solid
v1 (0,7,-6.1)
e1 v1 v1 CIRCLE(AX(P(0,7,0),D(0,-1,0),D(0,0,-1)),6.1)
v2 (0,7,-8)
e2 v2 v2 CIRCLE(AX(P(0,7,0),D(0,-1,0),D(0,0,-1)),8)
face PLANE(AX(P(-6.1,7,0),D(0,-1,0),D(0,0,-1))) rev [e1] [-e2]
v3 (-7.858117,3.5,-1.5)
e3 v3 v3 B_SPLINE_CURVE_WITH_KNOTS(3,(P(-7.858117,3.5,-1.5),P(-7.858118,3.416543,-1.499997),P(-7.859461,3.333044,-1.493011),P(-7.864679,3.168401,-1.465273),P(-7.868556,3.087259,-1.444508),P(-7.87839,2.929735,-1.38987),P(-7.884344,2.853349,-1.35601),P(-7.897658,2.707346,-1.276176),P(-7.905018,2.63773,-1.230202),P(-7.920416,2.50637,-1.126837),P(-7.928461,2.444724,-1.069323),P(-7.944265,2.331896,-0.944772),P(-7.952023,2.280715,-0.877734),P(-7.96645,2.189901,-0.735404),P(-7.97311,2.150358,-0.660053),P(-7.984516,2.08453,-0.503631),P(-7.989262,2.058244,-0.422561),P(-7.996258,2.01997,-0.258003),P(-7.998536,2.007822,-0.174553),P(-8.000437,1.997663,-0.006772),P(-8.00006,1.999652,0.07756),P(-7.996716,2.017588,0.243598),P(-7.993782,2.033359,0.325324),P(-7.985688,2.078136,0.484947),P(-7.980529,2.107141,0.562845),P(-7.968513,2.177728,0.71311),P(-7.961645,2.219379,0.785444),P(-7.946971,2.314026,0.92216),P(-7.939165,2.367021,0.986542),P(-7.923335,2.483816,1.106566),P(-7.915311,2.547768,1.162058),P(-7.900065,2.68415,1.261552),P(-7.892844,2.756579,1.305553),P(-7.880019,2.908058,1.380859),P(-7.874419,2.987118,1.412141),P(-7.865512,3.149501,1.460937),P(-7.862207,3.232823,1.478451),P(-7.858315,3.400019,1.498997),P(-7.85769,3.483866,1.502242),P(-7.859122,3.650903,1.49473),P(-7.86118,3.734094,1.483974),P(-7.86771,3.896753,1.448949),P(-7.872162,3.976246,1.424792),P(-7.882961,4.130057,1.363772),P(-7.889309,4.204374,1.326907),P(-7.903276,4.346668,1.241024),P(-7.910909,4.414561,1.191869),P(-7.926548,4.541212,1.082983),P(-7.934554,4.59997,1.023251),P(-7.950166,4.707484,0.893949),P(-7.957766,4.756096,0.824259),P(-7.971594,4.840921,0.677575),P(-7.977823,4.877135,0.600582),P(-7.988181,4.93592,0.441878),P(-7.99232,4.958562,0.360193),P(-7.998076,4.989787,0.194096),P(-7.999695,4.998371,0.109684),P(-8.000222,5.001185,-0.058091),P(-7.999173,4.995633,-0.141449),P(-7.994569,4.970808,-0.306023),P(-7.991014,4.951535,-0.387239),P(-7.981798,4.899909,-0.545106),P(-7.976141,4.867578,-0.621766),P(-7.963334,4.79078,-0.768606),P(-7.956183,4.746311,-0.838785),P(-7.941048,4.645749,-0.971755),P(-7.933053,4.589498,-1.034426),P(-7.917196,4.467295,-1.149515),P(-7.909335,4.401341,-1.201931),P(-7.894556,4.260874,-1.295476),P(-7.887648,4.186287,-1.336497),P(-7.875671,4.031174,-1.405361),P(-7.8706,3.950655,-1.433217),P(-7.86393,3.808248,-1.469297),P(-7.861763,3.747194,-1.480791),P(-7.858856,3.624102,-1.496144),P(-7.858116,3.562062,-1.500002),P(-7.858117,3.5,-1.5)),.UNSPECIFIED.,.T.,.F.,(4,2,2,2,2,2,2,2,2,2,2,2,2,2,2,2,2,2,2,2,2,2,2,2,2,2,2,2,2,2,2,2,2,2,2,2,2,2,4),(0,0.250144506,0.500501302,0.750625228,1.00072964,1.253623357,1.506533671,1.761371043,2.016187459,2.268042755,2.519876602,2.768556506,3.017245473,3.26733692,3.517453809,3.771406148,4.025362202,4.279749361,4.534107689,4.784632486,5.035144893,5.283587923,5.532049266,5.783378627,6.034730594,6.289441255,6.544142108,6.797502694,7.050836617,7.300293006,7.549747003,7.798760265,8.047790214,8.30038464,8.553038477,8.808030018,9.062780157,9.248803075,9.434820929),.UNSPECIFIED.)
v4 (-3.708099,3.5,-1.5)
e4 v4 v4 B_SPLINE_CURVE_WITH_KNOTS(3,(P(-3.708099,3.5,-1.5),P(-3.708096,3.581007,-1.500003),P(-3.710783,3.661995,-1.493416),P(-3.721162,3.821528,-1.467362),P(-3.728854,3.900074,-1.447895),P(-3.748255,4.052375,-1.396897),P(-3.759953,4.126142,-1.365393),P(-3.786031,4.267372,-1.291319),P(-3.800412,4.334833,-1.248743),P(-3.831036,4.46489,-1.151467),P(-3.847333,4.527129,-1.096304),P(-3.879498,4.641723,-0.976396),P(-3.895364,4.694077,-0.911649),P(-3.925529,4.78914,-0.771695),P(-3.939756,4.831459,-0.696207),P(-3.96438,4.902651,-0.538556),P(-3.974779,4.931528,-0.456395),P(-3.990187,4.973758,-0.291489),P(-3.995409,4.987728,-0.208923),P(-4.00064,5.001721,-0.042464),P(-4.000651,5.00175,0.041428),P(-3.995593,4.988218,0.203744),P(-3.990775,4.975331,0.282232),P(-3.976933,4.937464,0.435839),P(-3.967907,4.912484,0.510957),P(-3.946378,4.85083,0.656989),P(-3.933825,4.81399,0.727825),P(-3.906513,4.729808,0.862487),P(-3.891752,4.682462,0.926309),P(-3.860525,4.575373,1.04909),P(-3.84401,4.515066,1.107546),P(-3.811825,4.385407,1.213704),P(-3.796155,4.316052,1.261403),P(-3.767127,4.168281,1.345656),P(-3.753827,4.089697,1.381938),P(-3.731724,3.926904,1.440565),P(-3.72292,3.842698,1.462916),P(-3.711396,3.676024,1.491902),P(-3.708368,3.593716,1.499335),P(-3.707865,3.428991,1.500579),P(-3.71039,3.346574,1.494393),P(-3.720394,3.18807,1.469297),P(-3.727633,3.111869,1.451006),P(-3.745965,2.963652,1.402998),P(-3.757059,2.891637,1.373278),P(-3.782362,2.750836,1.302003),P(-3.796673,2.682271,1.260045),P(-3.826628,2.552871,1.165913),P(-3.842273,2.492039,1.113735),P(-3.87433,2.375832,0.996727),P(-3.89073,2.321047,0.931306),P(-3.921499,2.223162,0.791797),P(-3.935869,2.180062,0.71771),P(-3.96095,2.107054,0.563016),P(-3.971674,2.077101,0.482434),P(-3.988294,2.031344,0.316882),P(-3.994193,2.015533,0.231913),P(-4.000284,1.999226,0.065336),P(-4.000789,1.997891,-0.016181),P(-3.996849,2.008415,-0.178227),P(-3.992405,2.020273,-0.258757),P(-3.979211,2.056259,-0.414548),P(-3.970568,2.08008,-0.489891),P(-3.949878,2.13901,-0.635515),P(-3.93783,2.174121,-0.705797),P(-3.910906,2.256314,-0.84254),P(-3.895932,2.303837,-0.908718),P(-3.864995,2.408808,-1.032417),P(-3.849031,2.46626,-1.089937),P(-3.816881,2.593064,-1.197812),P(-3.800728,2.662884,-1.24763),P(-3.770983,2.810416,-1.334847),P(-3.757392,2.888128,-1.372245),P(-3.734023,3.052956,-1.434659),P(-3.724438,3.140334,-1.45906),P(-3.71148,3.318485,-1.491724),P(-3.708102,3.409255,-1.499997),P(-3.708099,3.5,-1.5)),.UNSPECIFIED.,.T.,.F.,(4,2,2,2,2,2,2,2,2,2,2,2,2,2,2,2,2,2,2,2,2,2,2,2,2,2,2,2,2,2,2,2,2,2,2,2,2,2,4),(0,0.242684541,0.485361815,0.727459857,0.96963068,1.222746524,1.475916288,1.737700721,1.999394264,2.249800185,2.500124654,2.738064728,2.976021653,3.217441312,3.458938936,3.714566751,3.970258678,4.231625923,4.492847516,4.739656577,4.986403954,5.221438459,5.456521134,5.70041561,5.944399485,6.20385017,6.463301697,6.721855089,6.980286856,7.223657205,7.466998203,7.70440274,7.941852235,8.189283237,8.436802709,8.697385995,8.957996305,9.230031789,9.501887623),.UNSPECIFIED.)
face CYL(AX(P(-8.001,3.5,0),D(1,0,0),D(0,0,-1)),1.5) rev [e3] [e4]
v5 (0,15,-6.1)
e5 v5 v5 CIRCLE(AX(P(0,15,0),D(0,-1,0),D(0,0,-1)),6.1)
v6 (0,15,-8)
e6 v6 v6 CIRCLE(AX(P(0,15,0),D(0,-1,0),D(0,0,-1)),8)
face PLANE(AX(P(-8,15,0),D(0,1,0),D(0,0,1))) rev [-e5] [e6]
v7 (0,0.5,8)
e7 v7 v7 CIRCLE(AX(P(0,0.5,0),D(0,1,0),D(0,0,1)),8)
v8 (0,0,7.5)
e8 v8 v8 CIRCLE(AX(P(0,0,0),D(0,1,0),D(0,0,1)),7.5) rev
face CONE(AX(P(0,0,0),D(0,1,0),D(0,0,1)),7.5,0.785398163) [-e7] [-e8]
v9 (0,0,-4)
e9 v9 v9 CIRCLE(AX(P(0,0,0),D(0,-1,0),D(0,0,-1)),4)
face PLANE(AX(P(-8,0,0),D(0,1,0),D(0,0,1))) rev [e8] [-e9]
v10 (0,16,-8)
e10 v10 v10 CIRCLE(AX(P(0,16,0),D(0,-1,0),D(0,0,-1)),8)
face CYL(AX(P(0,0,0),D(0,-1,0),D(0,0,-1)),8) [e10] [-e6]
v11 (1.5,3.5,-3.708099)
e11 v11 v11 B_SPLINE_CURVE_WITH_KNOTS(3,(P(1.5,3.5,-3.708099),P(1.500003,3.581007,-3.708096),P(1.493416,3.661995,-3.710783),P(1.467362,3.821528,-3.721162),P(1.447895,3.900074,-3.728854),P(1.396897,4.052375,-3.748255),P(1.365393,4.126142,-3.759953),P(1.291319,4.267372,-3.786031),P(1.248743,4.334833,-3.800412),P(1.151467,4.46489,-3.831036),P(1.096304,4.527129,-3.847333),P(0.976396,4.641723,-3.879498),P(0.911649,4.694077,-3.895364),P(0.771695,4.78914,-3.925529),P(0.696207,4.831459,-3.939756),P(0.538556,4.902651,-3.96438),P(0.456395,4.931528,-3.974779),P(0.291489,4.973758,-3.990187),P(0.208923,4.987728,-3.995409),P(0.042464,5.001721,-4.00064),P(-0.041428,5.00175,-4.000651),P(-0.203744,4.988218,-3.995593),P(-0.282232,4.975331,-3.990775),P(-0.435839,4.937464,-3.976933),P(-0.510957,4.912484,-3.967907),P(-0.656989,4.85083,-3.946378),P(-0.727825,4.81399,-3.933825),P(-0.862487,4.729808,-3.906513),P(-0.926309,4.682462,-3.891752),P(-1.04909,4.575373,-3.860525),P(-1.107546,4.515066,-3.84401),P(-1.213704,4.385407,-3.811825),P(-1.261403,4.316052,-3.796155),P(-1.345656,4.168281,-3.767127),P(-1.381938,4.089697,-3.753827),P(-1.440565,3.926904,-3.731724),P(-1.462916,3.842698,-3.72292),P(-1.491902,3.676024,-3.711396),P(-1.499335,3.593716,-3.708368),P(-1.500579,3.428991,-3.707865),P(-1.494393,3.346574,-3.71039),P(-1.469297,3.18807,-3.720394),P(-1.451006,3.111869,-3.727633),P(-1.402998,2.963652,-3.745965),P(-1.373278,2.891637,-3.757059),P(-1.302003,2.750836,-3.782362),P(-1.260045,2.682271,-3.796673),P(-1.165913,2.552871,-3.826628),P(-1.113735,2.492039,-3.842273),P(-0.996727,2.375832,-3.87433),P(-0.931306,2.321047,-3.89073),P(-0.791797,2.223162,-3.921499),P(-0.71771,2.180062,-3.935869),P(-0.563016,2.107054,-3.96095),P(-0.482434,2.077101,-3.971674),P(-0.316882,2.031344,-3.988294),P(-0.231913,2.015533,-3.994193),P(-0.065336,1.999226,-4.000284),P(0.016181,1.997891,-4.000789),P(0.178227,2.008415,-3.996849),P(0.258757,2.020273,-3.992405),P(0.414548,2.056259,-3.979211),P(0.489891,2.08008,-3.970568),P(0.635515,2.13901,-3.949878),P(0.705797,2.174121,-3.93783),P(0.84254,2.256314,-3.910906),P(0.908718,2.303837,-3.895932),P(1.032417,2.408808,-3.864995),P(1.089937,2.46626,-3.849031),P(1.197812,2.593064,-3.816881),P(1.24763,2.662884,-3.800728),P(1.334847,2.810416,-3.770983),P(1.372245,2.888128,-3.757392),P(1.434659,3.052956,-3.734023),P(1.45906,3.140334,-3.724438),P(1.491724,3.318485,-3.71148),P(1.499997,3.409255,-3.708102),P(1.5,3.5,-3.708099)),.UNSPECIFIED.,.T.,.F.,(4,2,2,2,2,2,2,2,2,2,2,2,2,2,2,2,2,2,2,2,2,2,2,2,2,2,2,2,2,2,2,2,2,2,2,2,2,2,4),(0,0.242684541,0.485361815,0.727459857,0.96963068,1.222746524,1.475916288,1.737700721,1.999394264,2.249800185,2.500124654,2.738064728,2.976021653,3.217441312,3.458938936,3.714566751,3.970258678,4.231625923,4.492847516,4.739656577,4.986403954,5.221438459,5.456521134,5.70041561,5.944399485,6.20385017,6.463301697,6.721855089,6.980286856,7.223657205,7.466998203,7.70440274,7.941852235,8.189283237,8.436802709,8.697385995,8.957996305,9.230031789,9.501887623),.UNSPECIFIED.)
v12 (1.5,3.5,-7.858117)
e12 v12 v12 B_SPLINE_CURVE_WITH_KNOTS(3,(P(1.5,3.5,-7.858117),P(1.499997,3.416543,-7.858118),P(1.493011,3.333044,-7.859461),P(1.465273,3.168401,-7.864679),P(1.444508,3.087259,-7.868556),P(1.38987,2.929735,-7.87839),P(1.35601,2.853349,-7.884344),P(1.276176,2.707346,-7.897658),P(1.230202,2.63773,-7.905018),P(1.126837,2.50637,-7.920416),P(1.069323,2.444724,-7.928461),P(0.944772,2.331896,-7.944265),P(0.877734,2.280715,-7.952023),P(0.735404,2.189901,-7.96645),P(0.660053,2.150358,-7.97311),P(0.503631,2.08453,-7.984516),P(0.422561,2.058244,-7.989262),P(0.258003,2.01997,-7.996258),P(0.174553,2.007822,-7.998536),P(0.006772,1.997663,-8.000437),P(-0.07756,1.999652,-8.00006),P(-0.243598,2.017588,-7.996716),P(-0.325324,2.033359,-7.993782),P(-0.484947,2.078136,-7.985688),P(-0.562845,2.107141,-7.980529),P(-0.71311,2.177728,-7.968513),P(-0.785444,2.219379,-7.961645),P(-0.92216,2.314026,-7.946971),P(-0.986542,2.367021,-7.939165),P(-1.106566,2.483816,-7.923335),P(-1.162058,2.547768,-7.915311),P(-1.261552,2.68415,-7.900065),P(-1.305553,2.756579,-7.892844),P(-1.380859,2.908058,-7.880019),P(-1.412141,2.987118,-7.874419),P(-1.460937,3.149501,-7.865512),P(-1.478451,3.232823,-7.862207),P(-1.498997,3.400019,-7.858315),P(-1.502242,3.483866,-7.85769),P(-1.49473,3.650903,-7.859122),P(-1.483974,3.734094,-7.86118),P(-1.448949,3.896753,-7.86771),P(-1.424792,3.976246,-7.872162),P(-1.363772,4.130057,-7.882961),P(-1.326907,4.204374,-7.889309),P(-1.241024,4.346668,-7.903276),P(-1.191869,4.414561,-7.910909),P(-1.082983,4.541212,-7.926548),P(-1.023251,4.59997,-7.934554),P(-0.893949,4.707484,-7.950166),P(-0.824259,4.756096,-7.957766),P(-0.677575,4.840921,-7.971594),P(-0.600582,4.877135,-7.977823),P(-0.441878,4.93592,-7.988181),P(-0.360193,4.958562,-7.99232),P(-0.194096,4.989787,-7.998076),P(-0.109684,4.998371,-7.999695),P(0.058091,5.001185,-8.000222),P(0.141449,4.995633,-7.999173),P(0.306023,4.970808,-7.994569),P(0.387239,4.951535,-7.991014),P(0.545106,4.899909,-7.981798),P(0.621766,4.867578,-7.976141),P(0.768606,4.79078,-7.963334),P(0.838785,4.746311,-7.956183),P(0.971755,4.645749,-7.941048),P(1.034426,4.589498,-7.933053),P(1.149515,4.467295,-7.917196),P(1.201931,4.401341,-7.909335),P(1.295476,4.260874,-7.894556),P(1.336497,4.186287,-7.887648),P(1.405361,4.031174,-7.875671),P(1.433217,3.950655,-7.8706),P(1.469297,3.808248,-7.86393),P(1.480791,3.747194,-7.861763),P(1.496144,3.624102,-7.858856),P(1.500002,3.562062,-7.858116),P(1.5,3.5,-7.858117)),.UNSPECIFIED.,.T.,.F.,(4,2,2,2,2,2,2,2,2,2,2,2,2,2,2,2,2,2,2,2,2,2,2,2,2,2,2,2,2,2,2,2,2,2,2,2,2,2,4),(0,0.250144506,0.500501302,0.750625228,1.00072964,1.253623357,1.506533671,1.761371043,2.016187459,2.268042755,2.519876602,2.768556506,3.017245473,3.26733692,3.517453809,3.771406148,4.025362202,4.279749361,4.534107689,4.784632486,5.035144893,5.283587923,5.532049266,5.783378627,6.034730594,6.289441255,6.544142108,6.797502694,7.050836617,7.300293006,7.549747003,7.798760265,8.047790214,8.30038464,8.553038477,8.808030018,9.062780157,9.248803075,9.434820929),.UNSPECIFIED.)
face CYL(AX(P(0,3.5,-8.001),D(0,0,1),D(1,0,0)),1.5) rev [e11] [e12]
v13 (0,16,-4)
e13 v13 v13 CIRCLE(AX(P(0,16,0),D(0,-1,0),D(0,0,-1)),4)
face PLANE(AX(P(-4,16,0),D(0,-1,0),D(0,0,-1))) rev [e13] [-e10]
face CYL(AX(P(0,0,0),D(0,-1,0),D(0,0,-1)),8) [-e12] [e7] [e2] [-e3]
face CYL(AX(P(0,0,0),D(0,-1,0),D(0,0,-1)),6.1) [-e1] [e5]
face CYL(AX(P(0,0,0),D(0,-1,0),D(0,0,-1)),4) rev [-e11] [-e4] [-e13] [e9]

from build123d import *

# Parameters (mm, degrees)
CHAMFER1_SIZE           = 0.5
CUT_EXTRUDE1_REACH      = 21.596
CUT_EXTRUDE1_END_RADIUS = 8
SKETCH2_R               = 1.5
CUT_EXTRUDE2_REACH      = 21.596
CUT_EXTRUDE2_END_RADIUS = 8
SKETCH3_R               = 1.5


with BuildPart() as part:
    # Sketch1 → Revolve1 (revolve)
    with BuildSketch(Plane.XY, mode=Mode.PRIVATE) as revolve1_sk:
        Polygon((-4, 0), (-4, 16), (-8, 16), (-8, 15), (-6.1, 15), (-6.1, 7), (-8, 7), (-8, 0), align=None)
    revolve(revolve1_sk.sketch.rotate(Axis((0, 0, 0), (0, 1, 0)), 270), axis=Axis((0, 0, 0), (0, 1, 0)))

    # Chamfer1
    chamfer1_edges = [part.edges().sort_by_distance(p)[0] for p in [
        (0, 0, 8),
    ]]
    chamfer(chamfer1_edges, length=CHAMFER1_SIZE)

    # Cut-Extrude1: up to this cylinder (the profile starts inside it)
    cut_extrude1_end = Plane(origin=(0, 3.5, 0), z_dir=(0, -1, 0)) * Cylinder(CUT_EXTRUDE1_END_RADIUS, 60.192, mode=Mode.PRIVATE)
    # Sketch2 → Cut-Extrude1 (cut, up to the surface)
    with BuildSketch(Plane.XY, mode=Mode.PRIVATE) as cut_extrude1_sk1:
        with Locations((0, 3.5)):
            Circle(SKETCH2_R)
    cut_extrude1_tool1 = extrude(cut_extrude1_sk1.sketch, amount=-CUT_EXTRUDE1_REACH, mode=Mode.PRIVATE) & cut_extrude1_end
    add(cut_extrude1_tool1.solids().sort_by_distance((0, 3.5, 0))[0], mode=Mode.SUBTRACT)

    # Cut-Extrude2: up to this cylinder (the profile starts inside it)
    cut_extrude2_end = Plane(origin=(0, 3.5, 0), z_dir=(0, -1, 0)) * Cylinder(CUT_EXTRUDE2_END_RADIUS, 60.192, mode=Mode.PRIVATE)
    # Sketch3 → Cut-Extrude2 (cut, up to the surface)
    with BuildSketch(Plane(origin=(0, 0, 0), x_dir=(0, 0, -1), z_dir=(1, 0, 0)), mode=Mode.PRIVATE) as cut_extrude2_sk1:
        with Locations((0, 3.5)):
            Circle(SKETCH3_R)
    cut_extrude2_tool1 = extrude(cut_extrude2_sk1.sketch, amount=-CUT_EXTRUDE2_REACH, mode=Mode.PRIVATE) & cut_extrude2_end
    add(cut_extrude2_tool1.solids().sort_by_distance((0, 3.5, 0))[0], mode=Mode.SUBTRACT)


solid = part.part
